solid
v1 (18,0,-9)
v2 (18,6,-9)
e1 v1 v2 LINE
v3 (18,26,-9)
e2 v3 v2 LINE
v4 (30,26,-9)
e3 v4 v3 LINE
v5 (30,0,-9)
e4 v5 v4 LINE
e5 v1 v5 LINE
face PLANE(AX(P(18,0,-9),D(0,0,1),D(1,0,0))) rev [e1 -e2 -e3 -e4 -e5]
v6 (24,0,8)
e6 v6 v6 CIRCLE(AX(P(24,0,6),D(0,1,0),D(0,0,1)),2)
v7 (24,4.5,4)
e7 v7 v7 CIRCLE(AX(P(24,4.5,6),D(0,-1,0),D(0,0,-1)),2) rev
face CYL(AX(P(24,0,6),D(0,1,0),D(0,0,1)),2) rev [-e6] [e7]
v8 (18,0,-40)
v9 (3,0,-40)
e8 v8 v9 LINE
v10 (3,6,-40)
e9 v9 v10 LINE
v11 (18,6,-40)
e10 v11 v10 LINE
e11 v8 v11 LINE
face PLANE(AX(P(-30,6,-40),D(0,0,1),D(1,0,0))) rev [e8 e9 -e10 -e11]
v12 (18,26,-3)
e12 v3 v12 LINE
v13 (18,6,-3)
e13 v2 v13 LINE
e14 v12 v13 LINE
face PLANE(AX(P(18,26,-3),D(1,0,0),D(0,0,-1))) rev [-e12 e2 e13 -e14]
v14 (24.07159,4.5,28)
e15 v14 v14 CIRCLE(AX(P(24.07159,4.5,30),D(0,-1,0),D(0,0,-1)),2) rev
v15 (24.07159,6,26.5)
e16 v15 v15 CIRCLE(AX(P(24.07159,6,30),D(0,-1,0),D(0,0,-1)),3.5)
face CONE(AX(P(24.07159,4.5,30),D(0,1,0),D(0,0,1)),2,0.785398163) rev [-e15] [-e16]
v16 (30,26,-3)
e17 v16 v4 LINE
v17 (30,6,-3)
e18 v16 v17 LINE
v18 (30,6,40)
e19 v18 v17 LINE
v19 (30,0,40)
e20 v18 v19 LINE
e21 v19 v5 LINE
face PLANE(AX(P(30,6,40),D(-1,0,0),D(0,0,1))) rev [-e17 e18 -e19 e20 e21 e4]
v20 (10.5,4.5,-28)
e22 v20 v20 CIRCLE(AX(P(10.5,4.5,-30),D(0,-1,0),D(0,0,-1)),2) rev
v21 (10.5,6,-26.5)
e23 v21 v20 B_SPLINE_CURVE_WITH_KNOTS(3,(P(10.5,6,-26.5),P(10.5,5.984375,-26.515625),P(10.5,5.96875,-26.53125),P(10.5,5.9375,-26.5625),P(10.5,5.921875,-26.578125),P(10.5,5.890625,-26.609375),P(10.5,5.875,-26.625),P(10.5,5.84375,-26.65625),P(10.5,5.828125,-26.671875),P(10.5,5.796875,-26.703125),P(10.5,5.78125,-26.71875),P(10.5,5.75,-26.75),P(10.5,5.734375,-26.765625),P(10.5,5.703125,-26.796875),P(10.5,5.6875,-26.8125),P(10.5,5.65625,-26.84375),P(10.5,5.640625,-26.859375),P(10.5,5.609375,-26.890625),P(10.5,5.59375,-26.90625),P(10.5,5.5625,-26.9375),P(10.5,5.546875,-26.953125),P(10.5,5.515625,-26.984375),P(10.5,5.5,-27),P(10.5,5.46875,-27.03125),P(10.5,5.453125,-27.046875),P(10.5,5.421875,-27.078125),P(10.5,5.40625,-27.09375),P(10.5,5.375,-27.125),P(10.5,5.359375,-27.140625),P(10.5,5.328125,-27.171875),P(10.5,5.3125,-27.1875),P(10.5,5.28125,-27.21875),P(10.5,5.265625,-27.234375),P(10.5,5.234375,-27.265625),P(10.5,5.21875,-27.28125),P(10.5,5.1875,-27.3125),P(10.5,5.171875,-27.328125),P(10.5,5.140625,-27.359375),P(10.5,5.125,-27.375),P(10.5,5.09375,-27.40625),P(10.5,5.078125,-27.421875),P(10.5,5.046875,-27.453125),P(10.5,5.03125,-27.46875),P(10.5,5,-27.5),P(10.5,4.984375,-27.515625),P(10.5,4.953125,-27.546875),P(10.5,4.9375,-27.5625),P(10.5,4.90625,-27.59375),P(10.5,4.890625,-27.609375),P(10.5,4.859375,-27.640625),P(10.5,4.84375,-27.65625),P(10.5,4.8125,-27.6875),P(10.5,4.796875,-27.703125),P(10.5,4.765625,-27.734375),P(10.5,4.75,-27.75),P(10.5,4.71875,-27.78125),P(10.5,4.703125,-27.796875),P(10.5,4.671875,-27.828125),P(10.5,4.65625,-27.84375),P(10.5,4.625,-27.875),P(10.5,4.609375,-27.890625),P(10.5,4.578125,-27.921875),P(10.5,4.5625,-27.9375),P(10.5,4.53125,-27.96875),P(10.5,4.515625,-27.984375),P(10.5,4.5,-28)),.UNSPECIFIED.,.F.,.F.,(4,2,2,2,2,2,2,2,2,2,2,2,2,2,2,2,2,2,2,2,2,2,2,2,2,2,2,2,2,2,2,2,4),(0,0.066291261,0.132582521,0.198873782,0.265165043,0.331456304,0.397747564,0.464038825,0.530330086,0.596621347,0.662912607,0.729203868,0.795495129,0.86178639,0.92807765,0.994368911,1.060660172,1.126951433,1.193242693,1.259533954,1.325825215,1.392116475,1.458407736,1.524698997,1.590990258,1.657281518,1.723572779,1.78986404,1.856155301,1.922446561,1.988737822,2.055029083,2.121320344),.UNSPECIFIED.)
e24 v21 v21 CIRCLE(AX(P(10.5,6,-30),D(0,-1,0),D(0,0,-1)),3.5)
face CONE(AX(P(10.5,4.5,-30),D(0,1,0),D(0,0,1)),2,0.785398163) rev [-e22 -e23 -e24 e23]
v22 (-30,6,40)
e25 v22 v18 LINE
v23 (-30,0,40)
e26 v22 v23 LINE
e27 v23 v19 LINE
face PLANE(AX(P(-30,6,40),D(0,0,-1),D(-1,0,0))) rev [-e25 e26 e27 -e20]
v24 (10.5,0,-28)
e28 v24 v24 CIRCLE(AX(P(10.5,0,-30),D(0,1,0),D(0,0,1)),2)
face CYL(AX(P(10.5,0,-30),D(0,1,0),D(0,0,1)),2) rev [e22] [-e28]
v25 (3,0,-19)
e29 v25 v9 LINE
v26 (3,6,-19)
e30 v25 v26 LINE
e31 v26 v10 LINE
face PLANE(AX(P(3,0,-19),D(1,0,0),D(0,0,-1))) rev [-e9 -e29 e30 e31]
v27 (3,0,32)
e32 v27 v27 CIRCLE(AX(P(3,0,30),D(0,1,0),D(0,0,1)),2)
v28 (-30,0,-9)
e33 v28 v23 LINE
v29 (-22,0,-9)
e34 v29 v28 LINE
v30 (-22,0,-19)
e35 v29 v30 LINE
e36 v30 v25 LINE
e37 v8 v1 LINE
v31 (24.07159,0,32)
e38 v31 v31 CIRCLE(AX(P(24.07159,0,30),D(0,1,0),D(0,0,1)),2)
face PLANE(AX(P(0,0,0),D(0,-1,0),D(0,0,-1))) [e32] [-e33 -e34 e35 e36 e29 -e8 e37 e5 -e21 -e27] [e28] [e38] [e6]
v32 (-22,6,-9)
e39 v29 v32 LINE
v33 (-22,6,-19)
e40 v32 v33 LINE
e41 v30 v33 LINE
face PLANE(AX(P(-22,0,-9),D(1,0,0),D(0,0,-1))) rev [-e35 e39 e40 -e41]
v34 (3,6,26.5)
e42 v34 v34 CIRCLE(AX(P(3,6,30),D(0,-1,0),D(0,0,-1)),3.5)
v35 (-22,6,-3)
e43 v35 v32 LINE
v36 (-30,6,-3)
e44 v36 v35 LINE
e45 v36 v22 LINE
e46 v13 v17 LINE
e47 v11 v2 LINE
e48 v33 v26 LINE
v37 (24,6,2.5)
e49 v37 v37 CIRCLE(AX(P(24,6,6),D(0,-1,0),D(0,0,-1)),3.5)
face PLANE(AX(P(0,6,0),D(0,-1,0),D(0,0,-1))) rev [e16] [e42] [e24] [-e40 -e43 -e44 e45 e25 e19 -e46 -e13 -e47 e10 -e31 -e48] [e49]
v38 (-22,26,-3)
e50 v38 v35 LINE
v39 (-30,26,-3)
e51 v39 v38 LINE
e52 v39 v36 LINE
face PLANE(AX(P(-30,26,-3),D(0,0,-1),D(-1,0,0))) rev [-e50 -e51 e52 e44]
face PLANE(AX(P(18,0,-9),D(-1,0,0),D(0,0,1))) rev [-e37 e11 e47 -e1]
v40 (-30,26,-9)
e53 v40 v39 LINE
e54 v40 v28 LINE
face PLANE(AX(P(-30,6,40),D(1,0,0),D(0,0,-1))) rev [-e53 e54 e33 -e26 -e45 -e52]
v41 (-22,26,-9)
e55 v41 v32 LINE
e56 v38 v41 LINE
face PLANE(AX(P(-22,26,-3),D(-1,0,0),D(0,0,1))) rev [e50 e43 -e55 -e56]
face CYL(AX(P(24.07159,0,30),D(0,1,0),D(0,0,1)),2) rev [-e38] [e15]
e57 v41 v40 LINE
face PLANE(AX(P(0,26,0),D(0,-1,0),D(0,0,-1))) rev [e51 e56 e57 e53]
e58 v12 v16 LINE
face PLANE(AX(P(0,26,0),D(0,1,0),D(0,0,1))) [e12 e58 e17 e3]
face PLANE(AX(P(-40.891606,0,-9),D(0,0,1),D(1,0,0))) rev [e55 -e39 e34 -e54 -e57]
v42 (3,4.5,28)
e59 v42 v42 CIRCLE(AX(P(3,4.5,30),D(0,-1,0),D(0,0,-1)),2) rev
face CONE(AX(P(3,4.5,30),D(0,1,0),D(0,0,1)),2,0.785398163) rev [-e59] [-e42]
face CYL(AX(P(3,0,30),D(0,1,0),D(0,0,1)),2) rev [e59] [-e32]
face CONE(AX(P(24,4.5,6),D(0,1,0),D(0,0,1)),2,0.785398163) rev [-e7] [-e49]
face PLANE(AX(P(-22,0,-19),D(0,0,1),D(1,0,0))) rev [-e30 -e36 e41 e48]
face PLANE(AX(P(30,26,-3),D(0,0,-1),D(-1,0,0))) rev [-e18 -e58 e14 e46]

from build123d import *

# Parameters (mm, degrees)
SKETCH1_W           = 60
SKETCH1_H           = 80
BOSS_EXTRUDE1_DEPTH = 6
SKETCH2_R           = 2
CUT_EXTRUDE1_DEPTH  = 51.358713248
SKETCH3_W           = 12
SKETCH3_H           = 6
SKETCH3_W_2         = 8
BOSS_EXTRUDE2_DEPTH = 20
CHAMFER1_SIZE       = 1.5


with BuildPart() as part:
    # Sketch1 → Boss-Extrude1 (new body)
    with BuildSketch(Plane(origin=(0, 0, 0), x_dir=(1, 0, 0), z_dir=(0, 1, 0))):
        Rectangle(SKETCH1_W, SKETCH1_H)
    extrude(amount=BOSS_EXTRUDE1_DEPTH)

    # Sketch2 → Cut-Extrude1 (cut, through all)
    with BuildSketch(Plane(origin=(0, 6, 0), x_dir=(1, 0, 0), z_dir=(0, 1, 0))):
        with Locations(Location((3, -30, 0), (0, 0, 270))):
            Circle(SKETCH2_R)
        with Locations(Location((24.071589502, -30, 0), (0, 0, 270))):
            Circle(SKETCH2_R)
        with Locations(Location((24, -6, 0), (0, 0, 270))):
            Circle(SKETCH2_R)
        with Locations(Location((10.5, 30, 0), (0, 0, 270))):
            Circle(SKETCH2_R)
        Polygon((-40.891606185, 9), (-22, 9), (-22, 19), (3, 19), (3, 40), (18, 40), (18, 9), (35.945141675, 9), (35.945141675, 57.336722716), (-40.891606185, 57.336722716), align=None)
    extrude(amount=-CUT_EXTRUDE1_DEPTH, mode=Mode.SUBTRACT)

    # Sketch3 → Boss-Extrude2 (add)
    with BuildSketch(Plane(origin=(0, 6, 0), x_dir=(1, 0, 0), z_dir=(0, 1, 0))):
        with Locations((24, 6)):
            Rectangle(SKETCH3_W, SKETCH3_H)
        with Locations((-26, 6)):
            Rectangle(SKETCH3_W_2, SKETCH3_H)
    extrude(amount=BOSS_EXTRUDE2_DEPTH)

    # Chamfer1
    chamfer1_edges = [part.edges().sort_by_distance(p)[0] for p in [
        (3, 6, 28),
        (24.071589502, 6, 28),
        (24, 6, 4),
        (10.5, 6, -32),
    ]]
    chamfer(chamfer1_edges, length=CHAMFER1_SIZE)


solid = part.part
